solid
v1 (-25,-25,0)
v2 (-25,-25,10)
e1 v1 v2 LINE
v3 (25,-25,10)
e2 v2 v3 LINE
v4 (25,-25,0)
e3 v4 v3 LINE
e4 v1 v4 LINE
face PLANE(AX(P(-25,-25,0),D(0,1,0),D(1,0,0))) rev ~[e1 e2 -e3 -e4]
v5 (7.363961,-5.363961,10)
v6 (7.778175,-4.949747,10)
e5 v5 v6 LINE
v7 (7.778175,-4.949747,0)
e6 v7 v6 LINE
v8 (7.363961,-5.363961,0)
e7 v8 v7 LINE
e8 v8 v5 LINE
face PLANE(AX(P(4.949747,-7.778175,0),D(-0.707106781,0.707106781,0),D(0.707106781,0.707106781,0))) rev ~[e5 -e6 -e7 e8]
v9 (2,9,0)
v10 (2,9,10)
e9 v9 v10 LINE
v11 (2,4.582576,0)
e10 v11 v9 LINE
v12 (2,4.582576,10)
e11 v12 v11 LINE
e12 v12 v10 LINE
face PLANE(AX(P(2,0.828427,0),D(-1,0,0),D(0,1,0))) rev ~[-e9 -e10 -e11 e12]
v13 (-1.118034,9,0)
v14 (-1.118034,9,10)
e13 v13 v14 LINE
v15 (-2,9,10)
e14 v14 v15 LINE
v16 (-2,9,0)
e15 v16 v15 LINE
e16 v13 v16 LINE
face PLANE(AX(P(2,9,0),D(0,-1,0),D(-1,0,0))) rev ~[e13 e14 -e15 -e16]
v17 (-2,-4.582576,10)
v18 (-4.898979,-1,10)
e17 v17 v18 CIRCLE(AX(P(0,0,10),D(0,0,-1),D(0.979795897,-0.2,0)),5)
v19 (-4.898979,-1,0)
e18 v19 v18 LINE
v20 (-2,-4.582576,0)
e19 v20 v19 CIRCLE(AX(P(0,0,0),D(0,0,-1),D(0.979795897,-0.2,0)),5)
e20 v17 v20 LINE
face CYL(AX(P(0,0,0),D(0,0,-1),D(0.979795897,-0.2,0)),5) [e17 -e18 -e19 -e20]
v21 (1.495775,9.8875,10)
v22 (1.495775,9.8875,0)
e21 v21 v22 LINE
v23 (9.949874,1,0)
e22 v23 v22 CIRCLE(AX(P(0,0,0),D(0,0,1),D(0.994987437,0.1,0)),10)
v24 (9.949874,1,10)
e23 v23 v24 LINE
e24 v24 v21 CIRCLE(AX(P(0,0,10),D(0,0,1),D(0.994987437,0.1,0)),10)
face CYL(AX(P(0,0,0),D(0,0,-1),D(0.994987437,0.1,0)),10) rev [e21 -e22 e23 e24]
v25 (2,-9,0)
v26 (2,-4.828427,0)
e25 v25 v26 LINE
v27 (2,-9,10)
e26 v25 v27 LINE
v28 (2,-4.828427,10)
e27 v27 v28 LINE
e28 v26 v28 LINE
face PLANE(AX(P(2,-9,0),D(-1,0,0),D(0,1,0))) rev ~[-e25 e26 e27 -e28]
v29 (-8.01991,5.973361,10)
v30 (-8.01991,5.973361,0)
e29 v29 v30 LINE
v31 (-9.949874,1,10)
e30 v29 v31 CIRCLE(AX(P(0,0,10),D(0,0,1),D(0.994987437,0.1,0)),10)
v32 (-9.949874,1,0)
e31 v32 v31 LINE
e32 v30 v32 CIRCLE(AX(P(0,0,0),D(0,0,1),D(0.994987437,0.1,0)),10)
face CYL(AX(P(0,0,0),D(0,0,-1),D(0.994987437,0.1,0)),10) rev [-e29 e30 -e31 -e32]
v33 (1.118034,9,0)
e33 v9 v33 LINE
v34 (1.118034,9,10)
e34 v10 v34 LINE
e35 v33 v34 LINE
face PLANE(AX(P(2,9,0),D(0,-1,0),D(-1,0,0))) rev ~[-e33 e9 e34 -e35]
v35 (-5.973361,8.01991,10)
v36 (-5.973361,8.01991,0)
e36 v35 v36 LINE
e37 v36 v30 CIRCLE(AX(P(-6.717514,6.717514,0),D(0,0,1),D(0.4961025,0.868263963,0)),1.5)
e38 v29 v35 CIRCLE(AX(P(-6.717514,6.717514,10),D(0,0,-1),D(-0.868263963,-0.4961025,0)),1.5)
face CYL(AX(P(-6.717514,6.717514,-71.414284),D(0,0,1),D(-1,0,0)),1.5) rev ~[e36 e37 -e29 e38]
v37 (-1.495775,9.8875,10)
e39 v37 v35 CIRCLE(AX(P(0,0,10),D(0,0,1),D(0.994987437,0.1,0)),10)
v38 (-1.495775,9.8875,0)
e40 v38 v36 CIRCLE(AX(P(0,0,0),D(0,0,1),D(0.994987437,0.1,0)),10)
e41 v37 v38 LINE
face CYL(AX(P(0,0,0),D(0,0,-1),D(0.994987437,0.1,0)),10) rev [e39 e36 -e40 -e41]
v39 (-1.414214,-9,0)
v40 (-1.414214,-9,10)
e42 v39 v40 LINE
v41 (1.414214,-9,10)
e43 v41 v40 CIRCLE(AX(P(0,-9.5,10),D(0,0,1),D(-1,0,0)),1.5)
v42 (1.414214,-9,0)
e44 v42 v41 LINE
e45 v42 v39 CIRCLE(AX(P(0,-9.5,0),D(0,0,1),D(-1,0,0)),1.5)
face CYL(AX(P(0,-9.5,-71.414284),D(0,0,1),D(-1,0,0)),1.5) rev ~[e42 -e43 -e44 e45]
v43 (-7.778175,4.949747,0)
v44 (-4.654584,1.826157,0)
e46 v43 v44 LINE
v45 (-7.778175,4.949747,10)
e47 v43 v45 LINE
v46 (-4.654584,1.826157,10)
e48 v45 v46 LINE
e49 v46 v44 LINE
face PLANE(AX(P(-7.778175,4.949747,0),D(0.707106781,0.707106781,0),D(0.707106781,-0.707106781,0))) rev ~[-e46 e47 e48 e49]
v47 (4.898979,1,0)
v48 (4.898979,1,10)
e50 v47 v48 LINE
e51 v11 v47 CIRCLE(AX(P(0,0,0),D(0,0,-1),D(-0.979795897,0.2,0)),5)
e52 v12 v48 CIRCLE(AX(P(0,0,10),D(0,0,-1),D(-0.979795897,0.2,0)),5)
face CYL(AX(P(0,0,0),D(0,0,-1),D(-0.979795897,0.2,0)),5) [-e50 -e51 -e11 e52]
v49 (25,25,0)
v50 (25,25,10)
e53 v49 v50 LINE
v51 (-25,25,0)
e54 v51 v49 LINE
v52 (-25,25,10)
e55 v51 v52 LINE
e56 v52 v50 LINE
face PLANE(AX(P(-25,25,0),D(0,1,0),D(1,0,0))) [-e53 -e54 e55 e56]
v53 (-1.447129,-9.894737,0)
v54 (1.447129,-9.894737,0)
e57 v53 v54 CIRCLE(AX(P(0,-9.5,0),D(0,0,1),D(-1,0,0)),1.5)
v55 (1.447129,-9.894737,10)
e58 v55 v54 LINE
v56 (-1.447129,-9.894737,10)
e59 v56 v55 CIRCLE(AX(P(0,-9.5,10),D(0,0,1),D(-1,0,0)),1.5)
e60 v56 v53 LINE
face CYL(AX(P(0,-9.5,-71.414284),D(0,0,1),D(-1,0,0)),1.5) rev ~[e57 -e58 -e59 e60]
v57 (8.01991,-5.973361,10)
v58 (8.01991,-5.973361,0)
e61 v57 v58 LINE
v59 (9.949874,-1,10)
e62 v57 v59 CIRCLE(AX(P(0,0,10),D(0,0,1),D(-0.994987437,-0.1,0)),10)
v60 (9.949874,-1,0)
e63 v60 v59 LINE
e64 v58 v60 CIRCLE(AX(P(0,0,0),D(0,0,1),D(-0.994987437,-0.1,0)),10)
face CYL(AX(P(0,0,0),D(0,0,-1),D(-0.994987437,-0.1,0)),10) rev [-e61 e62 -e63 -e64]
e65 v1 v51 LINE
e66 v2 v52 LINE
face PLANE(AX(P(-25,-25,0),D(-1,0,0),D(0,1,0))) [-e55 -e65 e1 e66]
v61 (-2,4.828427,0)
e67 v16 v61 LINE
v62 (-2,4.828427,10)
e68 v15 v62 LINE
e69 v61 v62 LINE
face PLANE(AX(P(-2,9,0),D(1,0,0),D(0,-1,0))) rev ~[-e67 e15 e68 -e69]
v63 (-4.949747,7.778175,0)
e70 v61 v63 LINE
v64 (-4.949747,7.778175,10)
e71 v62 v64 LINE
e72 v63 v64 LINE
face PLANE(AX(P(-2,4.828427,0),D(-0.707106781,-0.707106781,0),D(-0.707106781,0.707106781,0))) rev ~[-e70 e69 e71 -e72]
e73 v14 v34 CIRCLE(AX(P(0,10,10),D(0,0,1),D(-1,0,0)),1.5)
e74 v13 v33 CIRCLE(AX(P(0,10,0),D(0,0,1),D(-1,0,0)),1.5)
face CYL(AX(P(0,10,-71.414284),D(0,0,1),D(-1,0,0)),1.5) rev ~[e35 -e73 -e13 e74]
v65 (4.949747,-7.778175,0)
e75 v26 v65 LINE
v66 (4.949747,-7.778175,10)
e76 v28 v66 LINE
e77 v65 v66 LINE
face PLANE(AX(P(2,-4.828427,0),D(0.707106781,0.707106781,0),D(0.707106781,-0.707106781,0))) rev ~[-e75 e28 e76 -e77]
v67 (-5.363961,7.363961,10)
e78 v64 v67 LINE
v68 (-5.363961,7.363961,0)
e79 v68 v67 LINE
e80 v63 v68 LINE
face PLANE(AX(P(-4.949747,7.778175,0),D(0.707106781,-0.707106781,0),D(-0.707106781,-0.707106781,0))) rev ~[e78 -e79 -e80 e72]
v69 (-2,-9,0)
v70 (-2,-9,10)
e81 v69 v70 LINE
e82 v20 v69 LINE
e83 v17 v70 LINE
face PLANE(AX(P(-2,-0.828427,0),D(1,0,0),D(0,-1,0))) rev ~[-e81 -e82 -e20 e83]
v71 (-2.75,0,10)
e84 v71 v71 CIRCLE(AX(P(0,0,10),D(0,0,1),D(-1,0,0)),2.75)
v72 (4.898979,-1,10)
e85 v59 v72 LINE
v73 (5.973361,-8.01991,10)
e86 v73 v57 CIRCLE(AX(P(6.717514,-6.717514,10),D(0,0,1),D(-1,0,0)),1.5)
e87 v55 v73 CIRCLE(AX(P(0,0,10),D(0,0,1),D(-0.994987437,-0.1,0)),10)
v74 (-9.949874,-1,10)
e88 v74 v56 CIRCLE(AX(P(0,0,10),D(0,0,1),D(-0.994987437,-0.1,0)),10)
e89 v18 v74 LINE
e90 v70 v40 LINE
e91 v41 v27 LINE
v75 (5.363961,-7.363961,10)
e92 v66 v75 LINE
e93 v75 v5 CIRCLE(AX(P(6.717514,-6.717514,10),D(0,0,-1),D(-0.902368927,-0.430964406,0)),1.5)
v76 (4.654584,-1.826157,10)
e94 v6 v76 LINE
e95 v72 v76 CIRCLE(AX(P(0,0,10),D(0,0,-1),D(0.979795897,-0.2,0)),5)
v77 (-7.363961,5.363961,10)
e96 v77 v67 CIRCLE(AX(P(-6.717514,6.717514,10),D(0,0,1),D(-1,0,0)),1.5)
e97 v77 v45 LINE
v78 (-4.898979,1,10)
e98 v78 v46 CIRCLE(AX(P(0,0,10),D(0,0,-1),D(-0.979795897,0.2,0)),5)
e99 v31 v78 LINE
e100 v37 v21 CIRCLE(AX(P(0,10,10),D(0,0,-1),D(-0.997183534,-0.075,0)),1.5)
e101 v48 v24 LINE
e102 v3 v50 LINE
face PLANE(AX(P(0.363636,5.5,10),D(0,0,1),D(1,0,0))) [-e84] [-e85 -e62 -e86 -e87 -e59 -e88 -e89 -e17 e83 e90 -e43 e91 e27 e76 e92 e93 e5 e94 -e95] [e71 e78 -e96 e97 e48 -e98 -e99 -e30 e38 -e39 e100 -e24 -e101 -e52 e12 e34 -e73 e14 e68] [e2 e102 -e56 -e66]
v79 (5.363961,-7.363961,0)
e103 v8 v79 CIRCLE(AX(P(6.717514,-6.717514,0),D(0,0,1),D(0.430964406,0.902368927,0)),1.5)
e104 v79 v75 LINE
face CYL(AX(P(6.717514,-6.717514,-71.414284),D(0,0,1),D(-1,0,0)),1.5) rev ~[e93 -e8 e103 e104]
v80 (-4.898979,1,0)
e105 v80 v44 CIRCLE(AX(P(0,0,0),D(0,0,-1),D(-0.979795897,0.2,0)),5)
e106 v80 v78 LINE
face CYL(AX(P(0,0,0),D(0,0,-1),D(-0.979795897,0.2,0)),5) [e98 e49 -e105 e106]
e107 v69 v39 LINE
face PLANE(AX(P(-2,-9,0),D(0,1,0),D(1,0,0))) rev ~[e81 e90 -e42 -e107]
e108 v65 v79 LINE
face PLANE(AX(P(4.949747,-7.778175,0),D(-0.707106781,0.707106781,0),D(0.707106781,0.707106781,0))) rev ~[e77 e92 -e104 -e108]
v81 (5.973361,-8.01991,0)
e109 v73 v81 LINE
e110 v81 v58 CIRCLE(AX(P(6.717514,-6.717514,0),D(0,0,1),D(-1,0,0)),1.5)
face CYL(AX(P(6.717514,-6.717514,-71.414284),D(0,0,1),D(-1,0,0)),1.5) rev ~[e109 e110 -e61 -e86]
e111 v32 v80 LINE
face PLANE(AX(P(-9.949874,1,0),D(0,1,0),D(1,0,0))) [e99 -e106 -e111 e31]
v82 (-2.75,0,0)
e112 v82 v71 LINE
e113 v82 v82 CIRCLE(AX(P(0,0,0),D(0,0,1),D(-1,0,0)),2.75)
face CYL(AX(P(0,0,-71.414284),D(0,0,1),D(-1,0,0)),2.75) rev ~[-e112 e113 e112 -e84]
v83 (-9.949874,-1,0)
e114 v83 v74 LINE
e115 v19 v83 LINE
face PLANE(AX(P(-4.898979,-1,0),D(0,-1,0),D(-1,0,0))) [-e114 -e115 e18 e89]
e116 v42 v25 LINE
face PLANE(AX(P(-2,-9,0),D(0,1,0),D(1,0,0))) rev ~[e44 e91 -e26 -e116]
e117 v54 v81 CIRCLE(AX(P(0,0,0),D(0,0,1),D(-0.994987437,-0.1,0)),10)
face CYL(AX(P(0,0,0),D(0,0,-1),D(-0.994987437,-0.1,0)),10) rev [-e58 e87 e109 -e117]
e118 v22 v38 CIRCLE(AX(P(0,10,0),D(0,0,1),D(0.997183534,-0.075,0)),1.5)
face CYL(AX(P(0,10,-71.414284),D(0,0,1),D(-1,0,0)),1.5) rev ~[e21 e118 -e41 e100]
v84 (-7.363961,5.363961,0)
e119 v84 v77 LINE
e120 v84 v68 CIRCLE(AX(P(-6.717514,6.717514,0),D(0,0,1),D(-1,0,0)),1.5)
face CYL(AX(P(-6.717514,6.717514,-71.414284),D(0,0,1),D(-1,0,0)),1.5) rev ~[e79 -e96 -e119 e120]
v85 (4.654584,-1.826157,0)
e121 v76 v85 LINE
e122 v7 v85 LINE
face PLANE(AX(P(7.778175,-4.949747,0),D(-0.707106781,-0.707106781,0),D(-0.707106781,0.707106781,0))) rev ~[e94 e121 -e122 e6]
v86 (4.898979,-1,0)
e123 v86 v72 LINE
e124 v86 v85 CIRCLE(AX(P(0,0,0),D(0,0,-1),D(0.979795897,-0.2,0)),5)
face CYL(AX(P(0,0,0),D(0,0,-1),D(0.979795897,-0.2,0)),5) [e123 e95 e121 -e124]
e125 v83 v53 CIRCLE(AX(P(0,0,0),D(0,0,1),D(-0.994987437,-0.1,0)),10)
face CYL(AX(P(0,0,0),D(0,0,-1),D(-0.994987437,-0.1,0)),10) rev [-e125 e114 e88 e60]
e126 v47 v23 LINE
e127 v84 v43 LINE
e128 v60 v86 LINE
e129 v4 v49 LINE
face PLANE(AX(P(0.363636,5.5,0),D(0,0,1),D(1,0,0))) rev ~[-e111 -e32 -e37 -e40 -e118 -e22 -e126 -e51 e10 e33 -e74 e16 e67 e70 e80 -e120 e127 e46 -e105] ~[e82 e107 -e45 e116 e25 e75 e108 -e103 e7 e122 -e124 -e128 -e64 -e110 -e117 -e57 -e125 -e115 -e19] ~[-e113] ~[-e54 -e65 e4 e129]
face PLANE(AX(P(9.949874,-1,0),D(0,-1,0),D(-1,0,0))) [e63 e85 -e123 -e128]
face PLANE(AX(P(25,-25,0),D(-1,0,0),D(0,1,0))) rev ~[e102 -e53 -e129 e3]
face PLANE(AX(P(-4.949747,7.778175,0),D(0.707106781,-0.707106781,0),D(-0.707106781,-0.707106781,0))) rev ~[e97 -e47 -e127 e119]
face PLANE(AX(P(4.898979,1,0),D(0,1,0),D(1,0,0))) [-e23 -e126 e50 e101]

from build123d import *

# Parameters (mm, degrees)
F0_W     = 50
F0_H     = 50
F1_DEPTH = 10
F3_DEPTH = 10
F5_DEPTH = 10
F7_D     = 5.5
F8_D     = 3


with BuildPart() as f1:
    # F0 (on Top) → F1 (new body)
    with BuildSketch(Plane.XY):
        Rectangle(F0_W, F0_H)
    extrude(amount=F1_DEPTH)

    # F2 (on Top) → F3 (cut, through all)
    with BuildSketch(Plane.XY):
        with BuildLine():
            Line((-4.8989794856, -1), (-9.9498743711, -1))
            ThreePointArc((-9.9498743711, -1), (0, -10), (9.9498743711, -1))
            Line((9.9498743711, -1), (4.8989794856, -1))
            ThreePointArc((4.8989794856, -1), (0, -5), (-4.8989794856, -1))
        make_face()
        with BuildLine():
            ThreePointArc((9.9498743711, 1), (0, 10), (-9.9498743711, 1))
            Line((-9.9498743711, 1), (-4.8989794856, 1))
            ThreePointArc((-4.8989794856, 1), (0, 5), (4.8989794856, 1))
            Line((4.8989794856, 1), (9.9498743711, 1))
        make_face()
    extrude(amount=F3_DEPTH, mode=Mode.SUBTRACT)

    # F4 (on Top) → F5 (join)
    with BuildSketch(Plane.XY):
        Polygon((2, 9), (-2, 9), (-2, 4.8284271247), (2, 0.8284271247), align=None)
        Polygon((2, 0.8284271247), (-2, 4.8284271247), (-2, -0.8284271247), (2, -4.8284271247), align=None)
        Polygon((-2, -0.8284271247), (-2, 4.8284271247), (-4.9497474683, 7.7781745931), (-7.7781745931, 4.9497474683), align=None)
        Polygon((7.7781745931, -4.9497474683), (2, 0.8284271247), (2, -4.8284271247), (4.9497474683, -7.7781745931), align=None)
        Polygon((2, -4.8284271247), (-2, -0.8284271247), (-2, -9), (2, -9), align=None)
    extrude(amount=F5_DEPTH)

    # F7 (through all)
    with Locations(Plane(origin=(0, 0, 0), x_dir=(1, 0, 0), z_dir=(0, 0, -1))):
        with Locations((0, 0)):
            Hole(F7_D / 2)

    # F8 (through all)
    with Locations(Plane(origin=(0, 0, 0), x_dir=(1, 0, 0), z_dir=(0, 0, -1))):
        with Locations((-6.7175144213, -6.7175144213), (0, -10), (0, 9.5), (6.7175144213, 6.7175144213)):
            Hole(F8_D / 2)


solid = f1.part
